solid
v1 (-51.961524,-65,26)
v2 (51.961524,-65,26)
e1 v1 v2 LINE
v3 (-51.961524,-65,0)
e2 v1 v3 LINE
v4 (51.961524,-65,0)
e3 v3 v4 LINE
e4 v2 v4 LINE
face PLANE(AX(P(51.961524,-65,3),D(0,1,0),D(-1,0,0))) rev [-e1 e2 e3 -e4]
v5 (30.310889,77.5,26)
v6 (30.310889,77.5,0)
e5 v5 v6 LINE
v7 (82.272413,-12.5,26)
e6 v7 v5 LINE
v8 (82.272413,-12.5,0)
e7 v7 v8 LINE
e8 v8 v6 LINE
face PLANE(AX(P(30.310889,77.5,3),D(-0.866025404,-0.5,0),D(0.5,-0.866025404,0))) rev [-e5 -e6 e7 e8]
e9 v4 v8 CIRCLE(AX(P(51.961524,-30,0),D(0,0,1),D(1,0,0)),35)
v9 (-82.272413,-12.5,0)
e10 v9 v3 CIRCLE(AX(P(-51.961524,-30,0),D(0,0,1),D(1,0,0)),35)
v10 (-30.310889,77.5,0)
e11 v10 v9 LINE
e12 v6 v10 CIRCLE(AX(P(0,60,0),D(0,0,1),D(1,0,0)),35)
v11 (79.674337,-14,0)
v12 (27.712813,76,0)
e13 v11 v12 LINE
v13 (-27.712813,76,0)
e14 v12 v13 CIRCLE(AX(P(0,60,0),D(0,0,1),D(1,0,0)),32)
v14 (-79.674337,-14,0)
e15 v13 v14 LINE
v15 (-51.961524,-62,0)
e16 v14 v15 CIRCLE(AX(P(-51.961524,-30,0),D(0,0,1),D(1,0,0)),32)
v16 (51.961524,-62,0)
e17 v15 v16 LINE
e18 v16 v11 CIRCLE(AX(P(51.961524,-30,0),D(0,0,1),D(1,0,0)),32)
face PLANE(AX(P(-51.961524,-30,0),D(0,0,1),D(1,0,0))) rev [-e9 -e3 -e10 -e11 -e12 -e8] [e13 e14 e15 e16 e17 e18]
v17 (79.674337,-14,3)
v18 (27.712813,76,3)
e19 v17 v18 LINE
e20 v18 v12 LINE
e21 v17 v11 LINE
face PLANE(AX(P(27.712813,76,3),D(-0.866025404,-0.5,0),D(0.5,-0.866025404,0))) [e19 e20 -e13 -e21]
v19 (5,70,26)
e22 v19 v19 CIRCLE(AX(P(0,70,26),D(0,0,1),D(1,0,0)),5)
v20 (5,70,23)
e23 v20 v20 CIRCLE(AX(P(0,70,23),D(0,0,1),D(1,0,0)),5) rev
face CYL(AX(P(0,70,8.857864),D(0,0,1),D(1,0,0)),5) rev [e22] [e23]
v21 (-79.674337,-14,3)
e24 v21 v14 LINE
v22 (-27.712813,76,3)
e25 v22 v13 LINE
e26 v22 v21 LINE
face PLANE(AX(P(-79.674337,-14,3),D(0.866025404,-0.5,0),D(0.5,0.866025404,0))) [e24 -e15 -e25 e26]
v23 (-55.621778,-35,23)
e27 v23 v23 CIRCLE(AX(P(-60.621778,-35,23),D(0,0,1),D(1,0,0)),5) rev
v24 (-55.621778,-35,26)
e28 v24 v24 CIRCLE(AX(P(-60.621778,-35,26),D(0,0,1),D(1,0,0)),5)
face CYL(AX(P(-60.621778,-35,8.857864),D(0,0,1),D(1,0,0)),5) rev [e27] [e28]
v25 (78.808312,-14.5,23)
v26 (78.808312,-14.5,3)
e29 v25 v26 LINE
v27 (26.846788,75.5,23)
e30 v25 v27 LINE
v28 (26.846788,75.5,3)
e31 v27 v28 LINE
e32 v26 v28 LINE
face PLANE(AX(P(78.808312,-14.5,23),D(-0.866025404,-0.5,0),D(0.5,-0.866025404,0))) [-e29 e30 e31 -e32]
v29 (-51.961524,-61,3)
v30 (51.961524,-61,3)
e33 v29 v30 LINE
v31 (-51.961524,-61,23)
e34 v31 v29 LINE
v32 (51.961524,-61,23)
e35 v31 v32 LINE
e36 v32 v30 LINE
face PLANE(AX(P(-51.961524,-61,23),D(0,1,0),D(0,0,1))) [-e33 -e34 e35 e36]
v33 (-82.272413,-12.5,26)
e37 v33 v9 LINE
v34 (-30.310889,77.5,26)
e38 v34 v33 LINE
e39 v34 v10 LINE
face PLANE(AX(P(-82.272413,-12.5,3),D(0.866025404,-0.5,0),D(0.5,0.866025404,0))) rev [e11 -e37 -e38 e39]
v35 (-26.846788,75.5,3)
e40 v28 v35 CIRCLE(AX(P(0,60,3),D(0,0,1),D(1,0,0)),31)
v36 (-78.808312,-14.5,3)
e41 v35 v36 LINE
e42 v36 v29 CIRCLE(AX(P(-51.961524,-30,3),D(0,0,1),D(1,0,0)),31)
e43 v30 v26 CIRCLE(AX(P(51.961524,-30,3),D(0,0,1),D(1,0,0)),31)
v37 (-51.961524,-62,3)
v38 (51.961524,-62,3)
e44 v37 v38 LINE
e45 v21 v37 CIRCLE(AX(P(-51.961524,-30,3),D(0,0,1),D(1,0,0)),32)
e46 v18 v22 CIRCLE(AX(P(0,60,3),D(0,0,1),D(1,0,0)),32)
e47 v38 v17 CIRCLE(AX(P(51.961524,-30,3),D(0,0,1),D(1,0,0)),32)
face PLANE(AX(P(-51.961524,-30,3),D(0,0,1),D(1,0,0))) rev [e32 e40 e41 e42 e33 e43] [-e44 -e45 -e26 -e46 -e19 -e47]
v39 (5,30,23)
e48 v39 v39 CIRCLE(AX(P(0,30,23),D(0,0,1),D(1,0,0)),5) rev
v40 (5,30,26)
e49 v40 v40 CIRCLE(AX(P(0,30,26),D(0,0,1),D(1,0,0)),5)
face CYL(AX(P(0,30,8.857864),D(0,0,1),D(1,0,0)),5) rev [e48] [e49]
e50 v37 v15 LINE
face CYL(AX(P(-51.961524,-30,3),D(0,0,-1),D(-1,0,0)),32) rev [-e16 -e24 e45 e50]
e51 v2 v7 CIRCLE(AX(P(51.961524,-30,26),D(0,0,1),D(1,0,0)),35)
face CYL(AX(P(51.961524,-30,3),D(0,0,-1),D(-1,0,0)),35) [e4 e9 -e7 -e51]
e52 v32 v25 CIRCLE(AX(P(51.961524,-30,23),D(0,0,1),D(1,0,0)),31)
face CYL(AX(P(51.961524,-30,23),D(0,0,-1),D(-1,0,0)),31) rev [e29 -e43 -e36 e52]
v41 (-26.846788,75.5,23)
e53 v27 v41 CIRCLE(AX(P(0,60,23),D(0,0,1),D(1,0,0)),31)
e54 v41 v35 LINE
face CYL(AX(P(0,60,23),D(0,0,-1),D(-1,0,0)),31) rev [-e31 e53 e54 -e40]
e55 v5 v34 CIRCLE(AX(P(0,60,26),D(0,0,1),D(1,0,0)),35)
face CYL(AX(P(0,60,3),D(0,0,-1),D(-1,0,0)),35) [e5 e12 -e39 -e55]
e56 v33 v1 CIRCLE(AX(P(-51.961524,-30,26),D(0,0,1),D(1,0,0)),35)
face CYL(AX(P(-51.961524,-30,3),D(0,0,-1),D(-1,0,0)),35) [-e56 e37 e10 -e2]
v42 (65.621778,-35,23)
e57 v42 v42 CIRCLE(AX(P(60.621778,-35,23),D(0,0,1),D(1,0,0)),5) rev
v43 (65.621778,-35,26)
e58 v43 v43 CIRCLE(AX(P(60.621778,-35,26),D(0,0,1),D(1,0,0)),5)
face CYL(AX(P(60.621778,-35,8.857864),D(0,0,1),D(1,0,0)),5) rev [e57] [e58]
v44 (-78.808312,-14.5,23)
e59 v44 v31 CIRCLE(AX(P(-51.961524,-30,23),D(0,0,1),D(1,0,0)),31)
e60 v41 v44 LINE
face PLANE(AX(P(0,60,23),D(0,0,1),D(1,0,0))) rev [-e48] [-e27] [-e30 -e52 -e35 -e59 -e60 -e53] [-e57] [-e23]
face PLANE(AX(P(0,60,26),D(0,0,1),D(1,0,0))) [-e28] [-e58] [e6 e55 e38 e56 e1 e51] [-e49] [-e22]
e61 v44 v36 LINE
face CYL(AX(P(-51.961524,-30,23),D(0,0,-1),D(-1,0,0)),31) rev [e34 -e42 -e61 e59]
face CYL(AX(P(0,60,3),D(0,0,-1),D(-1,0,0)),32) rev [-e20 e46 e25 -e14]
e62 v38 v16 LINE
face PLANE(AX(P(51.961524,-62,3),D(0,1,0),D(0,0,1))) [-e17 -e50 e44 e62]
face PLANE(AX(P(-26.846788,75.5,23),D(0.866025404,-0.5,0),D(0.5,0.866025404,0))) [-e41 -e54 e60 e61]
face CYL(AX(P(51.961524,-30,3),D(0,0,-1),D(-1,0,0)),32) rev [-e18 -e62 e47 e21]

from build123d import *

# Parameters (mm, degrees)
RESSALTO_EXTRUS_O1_DEPTH = 3
RESSALTO_EXTRUS_O2_DEPTH = 20
RESSALTO_EXTRUS_O3_DEPTH = 3
ESBO_O4_R                = 5
CORTE_EXTRUS_O1_DEPTH    = 3


with BuildPart() as part:
    # Esboço1 → Ressalto-extrusão1 (new body)
    with BuildSketch(Plane.XY):
        with BuildLine():
            Line((51.961524227, -65), (-51.961524227, -65))
            ThreePointArc((-51.961524227, -65), (-82.27241336, -47.5), (-82.27241336, -12.5))
            Line((-82.27241336, -12.5), (-30.310889132, 77.5))
            ThreePointArc((-30.310889132, 77.5), (0, 95), (30.310889132, 77.5))
            Line((30.310889132, 77.5), (82.27241336, -12.5))
            ThreePointArc((82.27241336, -12.5), (82.27241336, -47.5), (51.961524227, -65))
        make_face()
        with BuildLine():
            Line((51.961524227, -62), (-51.961524227, -62))
            ThreePointArc((-51.961524227, -62), (-79.674337148, -46), (-79.674337148, -14))
            Line((-79.674337148, -14), (-27.712812921, 76))
            ThreePointArc((-27.712812921, 76), (0, 92), (27.712812921, 76))
            Line((27.712812921, 76), (79.674337148, -14))
            ThreePointArc((79.674337148, -14), (79.674337148, -46), (51.961524227, -62))
        make_face(mode=Mode.SUBTRACT)
    extrude(amount=RESSALTO_EXTRUS_O1_DEPTH)

    # Esboço2 → Ressalto-extrusão2 (add)
    with BuildSketch(Plane.XY.offset(3)):
        with BuildLine():
            Line((-51.961524227, -65), (51.961524227, -65))
            ThreePointArc((51.961524227, -65), (82.27241336, -47.5), (82.27241336, -12.5))
            Line((82.27241336, -12.5), (30.310889132, 77.5))
            ThreePointArc((30.310889132, 77.5), (0, 95), (-30.310889132, 77.5))
            Line((-30.310889132, 77.5), (-82.27241336, -12.5))
            ThreePointArc((-82.27241336, -12.5), (-82.27241336, -47.5), (-51.961524227, -65))
        make_face()
        with BuildLine():
            Line((-51.961524227, -61), (51.961524227, -61))
            ThreePointArc((51.961524227, -61), (78.808311744, -45.5), (78.808311744, -14.5))
            Line((78.808311744, -14.5), (26.846787517, 75.5))
            ThreePointArc((26.846787517, 75.5), (0, 91), (-26.846787517, 75.5))
            Line((-26.846787517, 75.5), (-78.808311744, -14.5))
            ThreePointArc((-78.808311744, -14.5), (-78.808311744, -45.5), (-51.961524227, -61))
        make_face(mode=Mode.SUBTRACT)
    extrude(amount=RESSALTO_EXTRUS_O2_DEPTH)

    # Esboço3 → Ressalto-extrusão3 (add)
    with BuildSketch(Plane.XY.offset(23)):
        with BuildLine():
            Line((-30.310889132, 77.5), (-82.27241336, -12.5))
            ThreePointArc((-82.27241336, -12.5), (-82.27241336, -47.5), (-51.961524227, -65))
            Line((-51.961524227, -65), (51.961524227, -65))
            ThreePointArc((51.961524227, -65), (82.27241336, -47.5), (82.27241336, -12.5))
            Line((82.27241336, -12.5), (30.310889132, 77.5))
            ThreePointArc((30.310889132, 77.5), (0, 95), (-30.310889132, 77.5))
        make_face()
    extrude(amount=RESSALTO_EXTRUS_O3_DEPTH)

    # Esboço4 → Corte-extrusão1 (cut)
    with BuildSketch(Plane.XY.offset(26)):
        with Locations((0, 70)):
            Circle(ESBO_O4_R)
        with Locations((60.621778265, -35)):
            Circle(ESBO_O4_R)
        with Locations((-60.621778265, -35)):
            Circle(ESBO_O4_R)
        with Locations((0, 30)):
            Circle(ESBO_O4_R)
    extrude(amount=-CORTE_EXTRUS_O1_DEPTH, mode=Mode.SUBTRACT)


solid = part.part
